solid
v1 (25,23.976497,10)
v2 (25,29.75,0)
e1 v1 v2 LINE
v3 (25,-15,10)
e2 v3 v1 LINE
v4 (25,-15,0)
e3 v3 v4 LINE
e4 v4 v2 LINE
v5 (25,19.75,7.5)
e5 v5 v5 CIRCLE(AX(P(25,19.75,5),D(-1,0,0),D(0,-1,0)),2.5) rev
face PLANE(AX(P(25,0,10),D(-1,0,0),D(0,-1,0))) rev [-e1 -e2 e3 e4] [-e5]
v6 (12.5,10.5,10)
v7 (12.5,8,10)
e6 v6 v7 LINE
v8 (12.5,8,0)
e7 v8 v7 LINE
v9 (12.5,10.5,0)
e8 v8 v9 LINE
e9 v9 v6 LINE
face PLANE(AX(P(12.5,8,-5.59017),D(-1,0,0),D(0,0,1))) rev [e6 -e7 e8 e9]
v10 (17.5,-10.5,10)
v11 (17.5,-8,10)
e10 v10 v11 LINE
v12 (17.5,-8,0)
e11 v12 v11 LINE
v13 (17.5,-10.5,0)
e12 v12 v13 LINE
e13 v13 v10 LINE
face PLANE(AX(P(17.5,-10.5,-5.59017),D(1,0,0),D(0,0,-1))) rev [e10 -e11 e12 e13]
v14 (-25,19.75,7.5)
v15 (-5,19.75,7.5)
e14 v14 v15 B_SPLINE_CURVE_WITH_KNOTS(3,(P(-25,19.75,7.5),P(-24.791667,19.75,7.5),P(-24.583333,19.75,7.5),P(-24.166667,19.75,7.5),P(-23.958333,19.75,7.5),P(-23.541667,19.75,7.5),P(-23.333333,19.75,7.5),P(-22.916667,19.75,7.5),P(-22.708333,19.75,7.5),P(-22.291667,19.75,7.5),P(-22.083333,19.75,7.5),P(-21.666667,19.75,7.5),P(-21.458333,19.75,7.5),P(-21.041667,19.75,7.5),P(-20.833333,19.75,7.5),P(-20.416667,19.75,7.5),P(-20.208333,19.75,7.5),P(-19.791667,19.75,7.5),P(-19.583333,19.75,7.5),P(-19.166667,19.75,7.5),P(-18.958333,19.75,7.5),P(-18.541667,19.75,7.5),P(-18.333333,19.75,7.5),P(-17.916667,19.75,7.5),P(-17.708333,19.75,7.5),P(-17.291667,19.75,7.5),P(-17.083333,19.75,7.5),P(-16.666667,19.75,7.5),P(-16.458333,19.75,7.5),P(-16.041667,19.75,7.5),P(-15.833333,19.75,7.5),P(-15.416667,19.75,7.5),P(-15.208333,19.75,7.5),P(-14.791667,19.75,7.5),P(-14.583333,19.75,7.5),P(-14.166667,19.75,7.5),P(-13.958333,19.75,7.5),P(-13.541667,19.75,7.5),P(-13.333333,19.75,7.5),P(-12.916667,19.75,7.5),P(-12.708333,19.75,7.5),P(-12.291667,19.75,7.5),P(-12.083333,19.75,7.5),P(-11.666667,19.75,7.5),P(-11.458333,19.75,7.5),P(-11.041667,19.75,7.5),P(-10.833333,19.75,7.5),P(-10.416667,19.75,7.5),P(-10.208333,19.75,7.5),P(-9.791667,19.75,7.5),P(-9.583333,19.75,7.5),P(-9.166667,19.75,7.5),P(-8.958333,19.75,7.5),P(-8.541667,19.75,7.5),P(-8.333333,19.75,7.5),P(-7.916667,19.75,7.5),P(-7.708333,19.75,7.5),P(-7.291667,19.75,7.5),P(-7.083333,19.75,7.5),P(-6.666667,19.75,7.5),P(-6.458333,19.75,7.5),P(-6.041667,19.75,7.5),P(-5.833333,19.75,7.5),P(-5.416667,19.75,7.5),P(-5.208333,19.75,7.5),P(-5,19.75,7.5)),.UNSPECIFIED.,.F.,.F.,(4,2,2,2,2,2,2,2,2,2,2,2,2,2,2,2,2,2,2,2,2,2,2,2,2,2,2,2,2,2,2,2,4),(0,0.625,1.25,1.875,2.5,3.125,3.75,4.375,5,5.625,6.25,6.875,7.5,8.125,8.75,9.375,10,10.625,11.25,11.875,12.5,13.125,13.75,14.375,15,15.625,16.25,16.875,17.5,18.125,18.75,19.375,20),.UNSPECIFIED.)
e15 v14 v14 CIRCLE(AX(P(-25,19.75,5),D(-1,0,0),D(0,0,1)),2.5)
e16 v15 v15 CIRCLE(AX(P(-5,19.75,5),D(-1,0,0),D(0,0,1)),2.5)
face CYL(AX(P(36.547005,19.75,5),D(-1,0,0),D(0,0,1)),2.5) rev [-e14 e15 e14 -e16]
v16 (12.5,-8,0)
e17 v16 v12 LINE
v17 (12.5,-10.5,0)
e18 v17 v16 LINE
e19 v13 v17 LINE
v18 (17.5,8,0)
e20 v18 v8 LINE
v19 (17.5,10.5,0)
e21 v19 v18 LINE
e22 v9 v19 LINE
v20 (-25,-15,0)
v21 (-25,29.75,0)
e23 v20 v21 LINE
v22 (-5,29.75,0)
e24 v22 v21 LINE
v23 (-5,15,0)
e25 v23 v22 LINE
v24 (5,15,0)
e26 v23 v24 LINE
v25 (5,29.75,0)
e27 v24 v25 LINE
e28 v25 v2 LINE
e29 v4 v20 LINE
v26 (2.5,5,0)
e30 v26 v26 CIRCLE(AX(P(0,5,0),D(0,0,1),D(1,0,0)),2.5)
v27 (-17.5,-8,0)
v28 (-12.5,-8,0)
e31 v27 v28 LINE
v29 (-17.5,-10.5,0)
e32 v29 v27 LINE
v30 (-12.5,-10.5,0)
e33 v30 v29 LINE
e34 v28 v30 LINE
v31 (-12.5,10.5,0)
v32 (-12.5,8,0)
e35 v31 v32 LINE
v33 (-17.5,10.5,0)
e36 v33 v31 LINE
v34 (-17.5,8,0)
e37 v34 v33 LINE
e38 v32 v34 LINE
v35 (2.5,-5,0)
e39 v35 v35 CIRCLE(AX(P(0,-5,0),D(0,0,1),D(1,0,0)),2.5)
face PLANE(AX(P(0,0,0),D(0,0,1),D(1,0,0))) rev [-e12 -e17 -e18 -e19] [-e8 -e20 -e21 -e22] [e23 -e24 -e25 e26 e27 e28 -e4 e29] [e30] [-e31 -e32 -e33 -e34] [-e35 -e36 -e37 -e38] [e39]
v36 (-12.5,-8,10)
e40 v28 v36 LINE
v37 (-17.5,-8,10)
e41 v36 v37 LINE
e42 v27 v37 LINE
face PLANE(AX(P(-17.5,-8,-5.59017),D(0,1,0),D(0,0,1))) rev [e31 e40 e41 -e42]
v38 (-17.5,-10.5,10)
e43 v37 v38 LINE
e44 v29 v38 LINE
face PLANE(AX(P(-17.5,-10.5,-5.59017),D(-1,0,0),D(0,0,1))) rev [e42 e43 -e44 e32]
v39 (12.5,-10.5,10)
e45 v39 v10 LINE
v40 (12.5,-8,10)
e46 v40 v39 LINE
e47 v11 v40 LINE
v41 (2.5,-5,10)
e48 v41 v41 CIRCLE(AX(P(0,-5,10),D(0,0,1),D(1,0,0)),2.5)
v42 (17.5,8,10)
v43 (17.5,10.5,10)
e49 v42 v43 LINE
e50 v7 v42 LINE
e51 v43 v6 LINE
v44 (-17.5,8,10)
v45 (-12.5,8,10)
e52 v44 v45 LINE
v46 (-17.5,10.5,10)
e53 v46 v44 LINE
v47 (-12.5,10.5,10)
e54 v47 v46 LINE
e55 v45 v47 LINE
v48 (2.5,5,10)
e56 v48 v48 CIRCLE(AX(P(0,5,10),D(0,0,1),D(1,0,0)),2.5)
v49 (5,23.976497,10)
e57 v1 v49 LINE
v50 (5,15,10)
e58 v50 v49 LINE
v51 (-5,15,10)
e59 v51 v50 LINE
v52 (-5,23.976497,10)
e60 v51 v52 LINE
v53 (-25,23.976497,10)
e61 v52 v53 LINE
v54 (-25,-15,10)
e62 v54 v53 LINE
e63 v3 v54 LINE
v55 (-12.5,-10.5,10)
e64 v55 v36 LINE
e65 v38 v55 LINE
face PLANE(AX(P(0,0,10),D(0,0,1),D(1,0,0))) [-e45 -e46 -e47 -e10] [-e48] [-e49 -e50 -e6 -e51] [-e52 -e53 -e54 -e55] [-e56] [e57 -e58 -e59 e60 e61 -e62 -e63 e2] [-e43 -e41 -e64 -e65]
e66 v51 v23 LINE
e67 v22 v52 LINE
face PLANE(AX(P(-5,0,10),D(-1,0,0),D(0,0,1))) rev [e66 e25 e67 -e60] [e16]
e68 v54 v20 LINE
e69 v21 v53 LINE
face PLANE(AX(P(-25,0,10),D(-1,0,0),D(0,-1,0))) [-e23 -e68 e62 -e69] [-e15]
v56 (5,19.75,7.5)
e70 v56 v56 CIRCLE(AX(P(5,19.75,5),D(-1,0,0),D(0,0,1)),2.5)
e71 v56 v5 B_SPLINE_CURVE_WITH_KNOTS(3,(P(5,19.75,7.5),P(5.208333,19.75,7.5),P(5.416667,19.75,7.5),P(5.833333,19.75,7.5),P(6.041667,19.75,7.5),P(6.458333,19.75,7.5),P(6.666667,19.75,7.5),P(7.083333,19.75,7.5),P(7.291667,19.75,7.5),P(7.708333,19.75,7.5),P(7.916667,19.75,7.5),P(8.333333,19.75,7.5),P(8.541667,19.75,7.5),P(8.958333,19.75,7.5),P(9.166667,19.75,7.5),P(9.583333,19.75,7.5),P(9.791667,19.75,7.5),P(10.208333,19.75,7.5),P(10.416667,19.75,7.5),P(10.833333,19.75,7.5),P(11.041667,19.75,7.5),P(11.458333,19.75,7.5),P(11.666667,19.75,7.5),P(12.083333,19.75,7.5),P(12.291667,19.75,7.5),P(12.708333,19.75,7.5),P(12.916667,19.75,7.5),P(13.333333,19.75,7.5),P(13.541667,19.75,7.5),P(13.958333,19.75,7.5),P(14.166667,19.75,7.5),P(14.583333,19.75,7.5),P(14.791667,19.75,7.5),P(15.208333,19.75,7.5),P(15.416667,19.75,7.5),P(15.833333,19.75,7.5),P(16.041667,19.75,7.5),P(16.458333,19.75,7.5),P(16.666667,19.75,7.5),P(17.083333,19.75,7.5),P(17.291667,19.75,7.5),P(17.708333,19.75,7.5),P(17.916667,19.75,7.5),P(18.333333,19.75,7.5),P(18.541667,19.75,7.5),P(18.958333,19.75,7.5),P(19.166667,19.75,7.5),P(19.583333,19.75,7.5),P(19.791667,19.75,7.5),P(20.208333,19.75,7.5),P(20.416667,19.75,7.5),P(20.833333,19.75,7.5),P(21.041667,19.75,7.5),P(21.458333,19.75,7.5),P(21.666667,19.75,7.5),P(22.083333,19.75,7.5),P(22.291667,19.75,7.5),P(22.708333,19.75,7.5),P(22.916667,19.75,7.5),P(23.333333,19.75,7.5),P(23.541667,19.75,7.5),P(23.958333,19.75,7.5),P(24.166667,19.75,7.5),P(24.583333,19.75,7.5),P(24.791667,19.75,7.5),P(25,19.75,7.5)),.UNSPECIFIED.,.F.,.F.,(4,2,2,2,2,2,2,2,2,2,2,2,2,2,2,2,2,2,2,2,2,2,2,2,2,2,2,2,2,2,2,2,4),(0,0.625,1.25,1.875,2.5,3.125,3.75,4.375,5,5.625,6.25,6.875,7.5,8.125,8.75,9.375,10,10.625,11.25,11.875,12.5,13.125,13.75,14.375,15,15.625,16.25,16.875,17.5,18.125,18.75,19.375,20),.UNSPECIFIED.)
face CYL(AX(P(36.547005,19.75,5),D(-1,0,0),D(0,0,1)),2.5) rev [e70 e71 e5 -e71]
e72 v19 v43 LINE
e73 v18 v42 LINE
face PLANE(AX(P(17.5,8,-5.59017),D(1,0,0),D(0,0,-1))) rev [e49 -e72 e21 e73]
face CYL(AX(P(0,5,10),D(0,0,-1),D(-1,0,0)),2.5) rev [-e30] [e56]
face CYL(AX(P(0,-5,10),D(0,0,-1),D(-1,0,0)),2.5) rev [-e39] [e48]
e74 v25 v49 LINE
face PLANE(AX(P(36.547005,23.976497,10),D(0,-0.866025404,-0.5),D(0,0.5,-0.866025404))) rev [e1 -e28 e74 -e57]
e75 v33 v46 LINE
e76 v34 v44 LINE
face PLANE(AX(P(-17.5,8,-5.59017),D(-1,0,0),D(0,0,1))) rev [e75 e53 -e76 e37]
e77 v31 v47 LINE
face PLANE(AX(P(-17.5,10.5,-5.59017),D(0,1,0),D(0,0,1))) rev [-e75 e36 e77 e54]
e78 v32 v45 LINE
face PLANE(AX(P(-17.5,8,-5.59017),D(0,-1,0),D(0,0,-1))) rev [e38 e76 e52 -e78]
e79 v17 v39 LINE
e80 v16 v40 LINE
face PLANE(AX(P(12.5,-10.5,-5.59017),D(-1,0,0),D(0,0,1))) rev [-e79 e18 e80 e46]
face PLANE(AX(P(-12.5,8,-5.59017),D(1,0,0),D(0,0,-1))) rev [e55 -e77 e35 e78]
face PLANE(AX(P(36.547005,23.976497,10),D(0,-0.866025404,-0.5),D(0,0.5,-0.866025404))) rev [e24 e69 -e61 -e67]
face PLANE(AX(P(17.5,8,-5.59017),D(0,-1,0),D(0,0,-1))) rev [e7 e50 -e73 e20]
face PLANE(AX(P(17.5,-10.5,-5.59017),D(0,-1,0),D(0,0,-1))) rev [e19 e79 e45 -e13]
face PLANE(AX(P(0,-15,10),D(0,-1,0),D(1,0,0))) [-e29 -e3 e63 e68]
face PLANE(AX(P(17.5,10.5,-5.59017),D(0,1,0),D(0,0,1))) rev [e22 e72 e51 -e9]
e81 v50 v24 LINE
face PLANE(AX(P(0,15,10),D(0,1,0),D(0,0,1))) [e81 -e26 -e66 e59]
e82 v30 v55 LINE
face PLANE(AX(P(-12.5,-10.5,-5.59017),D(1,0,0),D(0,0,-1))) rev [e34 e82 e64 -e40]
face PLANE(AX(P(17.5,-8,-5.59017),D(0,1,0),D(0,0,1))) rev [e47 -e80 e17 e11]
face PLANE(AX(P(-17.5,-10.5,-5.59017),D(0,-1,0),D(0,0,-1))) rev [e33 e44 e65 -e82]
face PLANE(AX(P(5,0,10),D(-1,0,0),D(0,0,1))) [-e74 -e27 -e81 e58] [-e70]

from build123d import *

# Parameters (mm, degrees)
ESQUISSE1_R             = 2.5
BOSS_EXTRU_1_DEPTH      = 10
ENL_V_MAT_EXTRU_1_REACH = 61.034
ESQUISSE2_R             = 2.5
ESQUISSE3_W             = 5
ESQUISSE3_H             = 2.5
ENL_V_MAT_EXTRU_2_DEPTH = 10


with BuildPart() as part:
    # Esquisse1 → Boss.-Extru.1 (new body)
    with BuildSketch(Plane.XY):
        Polygon((-25, -15), (-5, -15), (5, -15), (25, -15), (25, 29.75), (5, 29.75), (5, 15), (-5, 15), (-5, 29.75), (-25, 29.75), align=None)
        with Locations((0, -5)):
            Circle(ESQUISSE1_R, mode=Mode.SUBTRACT)
        with Locations((0, 5)):
            Circle(ESQUISSE1_R, mode=Mode.SUBTRACT)
    extrude(amount=BOSS_EXTRU_1_DEPTH)

    # Enlèv. mat.-Extru.1: up to this face of the body (flat: up to its plane)
    enl_v_mat_extru_1_end = Plane(part.part.faces().sort_by_distance((25, 7.375, 5))[0])
    # Esquisse2 → Enlèv. mat.-Extru.1 (cut, up to the picked face)
    with BuildSketch(Plane.ZY.offset(25), mode=Mode.PRIVATE) as enl_v_mat_extru_1_sk1:
        with Locations((5, 19.75)):
            Circle(ESQUISSE2_R)
    enl_v_mat_extru_1_tool1 = split(extrude(enl_v_mat_extru_1_sk1.sketch, amount=-ENL_V_MAT_EXTRU_1_REACH, mode=Mode.PRIVATE), bisect_by=enl_v_mat_extru_1_end, keep=Keep.BOTH, mode=Mode.PRIVATE)
    # Esquisse2 → Enlèv. mat.-Extru.1 (cut, up to the picked face)
    with BuildSketch(Plane.ZY.offset(25), mode=Mode.PRIVATE) as enl_v_mat_extru_1_sk2:
        Polygon((0, 29.75), (10, 29.75), (10, 23.976497308), align=None)
    enl_v_mat_extru_1_tool2 = split(extrude(enl_v_mat_extru_1_sk2.sketch, amount=-ENL_V_MAT_EXTRU_1_REACH, mode=Mode.PRIVATE), bisect_by=enl_v_mat_extru_1_end, keep=Keep.BOTH, mode=Mode.PRIVATE)
    add(enl_v_mat_extru_1_tool1.solids().sort_by(Axis((-25, 19.75, 5), (1, 0, 0)))[0], mode=Mode.SUBTRACT)
    add(enl_v_mat_extru_1_tool2.solids().sort_by(Axis((-25, 27.825499, 6.666667), (1, 0, 0)))[0], mode=Mode.SUBTRACT)

    # Esquisse3 → Enlèv. mat.-Extru.2 (cut)
    with BuildSketch(Plane.XY.offset(10)):
        with Locations((-15, 9.25)):
            Rectangle(ESQUISSE3_W, ESQUISSE3_H)
        with Locations((-15, -9.25)):
            Rectangle(ESQUISSE3_W, ESQUISSE3_H)
        with Locations((15, -9.25)):
            Rectangle(ESQUISSE3_W, ESQUISSE3_H)
        with Locations((15, 9.25)):
            Rectangle(ESQUISSE3_W, ESQUISSE3_H)
    extrude(amount=-ENL_V_MAT_EXTRU_2_DEPTH, mode=Mode.SUBTRACT)


solid = part.part
